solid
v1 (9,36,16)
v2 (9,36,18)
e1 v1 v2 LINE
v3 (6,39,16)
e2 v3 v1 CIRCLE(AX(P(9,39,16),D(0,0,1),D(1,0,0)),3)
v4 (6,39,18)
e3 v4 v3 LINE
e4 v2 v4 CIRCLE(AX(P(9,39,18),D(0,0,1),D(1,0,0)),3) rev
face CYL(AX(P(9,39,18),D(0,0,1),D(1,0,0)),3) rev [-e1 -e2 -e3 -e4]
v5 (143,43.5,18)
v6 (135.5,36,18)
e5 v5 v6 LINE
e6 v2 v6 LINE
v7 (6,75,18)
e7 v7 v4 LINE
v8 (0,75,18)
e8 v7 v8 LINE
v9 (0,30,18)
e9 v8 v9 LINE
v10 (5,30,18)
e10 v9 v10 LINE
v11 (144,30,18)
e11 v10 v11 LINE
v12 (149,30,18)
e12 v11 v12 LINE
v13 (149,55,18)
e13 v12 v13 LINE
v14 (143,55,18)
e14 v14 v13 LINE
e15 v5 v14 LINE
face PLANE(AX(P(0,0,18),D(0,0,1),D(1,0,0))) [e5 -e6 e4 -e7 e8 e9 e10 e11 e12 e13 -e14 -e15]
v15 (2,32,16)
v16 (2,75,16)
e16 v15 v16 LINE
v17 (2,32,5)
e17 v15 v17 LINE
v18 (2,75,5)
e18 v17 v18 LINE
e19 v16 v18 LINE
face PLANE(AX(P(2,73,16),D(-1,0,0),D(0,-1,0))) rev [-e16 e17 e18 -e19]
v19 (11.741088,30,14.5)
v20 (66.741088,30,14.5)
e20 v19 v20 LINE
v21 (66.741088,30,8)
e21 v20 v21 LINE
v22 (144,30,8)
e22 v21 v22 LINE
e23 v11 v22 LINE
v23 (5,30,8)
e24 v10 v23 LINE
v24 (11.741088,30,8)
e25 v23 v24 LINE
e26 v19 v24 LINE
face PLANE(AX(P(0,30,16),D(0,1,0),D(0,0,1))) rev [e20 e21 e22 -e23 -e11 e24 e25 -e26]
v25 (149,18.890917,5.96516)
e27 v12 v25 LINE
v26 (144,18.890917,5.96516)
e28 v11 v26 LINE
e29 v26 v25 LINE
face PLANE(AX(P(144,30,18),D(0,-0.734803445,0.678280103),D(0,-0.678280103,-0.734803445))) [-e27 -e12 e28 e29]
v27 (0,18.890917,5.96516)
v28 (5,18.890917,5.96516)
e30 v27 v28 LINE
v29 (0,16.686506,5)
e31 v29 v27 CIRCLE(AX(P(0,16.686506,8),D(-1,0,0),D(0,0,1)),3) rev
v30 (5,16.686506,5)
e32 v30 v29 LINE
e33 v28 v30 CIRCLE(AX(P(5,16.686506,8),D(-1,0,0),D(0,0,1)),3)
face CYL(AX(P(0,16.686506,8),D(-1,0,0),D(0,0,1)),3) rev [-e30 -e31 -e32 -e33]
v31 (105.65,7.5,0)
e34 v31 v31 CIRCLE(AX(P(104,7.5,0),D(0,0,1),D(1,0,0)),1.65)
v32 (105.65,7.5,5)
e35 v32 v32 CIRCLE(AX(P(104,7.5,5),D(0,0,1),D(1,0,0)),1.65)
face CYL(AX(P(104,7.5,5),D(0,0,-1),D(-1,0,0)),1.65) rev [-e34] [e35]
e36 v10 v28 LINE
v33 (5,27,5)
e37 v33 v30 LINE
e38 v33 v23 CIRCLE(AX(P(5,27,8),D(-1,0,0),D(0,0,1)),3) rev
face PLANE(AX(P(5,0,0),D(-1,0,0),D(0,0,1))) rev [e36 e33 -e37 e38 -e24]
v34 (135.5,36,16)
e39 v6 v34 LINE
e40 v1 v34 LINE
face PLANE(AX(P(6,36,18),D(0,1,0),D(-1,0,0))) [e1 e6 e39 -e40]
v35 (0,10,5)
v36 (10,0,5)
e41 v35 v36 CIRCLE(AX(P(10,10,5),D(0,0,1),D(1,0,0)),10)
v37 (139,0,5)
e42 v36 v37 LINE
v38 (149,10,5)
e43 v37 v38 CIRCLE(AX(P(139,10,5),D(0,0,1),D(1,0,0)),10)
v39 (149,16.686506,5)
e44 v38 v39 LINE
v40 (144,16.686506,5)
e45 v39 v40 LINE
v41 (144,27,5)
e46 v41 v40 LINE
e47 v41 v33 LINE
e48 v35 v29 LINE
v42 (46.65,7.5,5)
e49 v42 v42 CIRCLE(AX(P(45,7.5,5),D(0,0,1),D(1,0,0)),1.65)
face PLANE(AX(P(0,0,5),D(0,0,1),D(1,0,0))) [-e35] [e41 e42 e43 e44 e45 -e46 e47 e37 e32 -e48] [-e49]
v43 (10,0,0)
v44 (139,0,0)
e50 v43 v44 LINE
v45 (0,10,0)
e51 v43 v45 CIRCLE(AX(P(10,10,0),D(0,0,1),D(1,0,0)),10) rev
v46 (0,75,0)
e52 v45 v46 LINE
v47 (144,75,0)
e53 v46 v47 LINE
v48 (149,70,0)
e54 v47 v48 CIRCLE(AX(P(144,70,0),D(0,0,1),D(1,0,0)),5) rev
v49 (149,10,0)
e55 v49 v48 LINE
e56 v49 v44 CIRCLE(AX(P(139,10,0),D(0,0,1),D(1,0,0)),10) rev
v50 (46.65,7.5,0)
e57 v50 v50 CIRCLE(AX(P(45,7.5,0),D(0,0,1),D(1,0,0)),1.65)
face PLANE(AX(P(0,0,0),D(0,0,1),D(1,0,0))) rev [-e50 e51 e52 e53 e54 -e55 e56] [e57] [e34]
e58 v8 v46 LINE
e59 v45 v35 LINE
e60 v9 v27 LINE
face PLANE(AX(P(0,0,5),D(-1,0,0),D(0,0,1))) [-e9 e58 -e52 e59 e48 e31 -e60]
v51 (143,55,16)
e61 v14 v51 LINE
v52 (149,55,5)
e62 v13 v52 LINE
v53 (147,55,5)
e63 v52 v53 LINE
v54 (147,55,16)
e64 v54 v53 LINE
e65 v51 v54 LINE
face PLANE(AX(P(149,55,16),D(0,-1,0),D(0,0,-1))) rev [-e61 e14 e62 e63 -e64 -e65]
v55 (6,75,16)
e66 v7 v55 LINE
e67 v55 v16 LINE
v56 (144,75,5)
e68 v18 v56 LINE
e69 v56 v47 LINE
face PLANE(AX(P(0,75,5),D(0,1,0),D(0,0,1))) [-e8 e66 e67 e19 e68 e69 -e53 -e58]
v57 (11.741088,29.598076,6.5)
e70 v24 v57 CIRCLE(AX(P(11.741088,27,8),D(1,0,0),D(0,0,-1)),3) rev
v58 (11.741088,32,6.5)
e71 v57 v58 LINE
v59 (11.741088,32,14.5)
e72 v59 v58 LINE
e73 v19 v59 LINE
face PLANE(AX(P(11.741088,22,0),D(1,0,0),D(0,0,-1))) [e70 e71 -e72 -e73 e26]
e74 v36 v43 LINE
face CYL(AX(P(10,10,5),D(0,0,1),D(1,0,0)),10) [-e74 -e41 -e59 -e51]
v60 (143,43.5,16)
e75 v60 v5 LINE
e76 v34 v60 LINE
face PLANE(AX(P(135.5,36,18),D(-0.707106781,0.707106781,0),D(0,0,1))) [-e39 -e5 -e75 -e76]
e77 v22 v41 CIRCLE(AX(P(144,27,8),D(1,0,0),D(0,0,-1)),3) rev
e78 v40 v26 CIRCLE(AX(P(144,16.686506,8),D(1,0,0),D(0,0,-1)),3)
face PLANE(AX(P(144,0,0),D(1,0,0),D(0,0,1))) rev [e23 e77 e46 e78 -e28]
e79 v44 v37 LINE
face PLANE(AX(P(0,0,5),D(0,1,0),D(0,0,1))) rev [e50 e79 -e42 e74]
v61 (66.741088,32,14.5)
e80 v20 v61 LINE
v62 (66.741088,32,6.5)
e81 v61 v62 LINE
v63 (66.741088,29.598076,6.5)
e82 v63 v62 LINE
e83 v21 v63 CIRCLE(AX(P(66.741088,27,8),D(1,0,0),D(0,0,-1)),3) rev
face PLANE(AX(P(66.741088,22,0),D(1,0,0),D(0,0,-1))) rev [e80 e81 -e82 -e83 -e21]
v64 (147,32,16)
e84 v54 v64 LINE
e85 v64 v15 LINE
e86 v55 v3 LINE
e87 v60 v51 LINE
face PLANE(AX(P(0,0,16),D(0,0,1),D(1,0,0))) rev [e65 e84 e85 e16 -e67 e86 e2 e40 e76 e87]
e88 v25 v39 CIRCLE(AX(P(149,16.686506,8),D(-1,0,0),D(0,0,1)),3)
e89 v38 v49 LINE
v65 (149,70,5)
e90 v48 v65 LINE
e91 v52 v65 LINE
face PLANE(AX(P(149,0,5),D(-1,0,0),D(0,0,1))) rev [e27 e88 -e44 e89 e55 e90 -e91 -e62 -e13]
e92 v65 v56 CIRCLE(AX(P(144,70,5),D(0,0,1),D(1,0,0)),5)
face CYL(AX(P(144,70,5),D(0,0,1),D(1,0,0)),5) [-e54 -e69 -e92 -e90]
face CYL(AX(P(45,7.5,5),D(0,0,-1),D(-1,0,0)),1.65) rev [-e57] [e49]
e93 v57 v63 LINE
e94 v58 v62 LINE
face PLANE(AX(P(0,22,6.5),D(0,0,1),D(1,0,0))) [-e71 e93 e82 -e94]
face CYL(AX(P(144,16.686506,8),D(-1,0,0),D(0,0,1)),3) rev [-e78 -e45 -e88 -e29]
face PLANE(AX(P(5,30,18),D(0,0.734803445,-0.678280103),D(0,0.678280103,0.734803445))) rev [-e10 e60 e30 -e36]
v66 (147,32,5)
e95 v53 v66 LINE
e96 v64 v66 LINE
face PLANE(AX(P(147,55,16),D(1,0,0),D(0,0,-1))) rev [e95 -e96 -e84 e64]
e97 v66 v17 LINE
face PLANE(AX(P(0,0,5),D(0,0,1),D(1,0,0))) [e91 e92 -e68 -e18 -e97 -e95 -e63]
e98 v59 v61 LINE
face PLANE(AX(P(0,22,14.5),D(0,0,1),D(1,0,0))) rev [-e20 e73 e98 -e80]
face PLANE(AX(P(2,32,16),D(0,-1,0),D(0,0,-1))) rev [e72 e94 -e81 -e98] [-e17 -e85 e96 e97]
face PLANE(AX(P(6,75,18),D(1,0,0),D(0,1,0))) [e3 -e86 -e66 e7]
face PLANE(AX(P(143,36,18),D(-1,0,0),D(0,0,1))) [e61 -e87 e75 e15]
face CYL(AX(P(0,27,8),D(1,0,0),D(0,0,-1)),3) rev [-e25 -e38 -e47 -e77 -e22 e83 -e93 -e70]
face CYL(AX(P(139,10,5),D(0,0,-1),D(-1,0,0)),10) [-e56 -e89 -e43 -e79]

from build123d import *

# Parameters (mm, degrees)
SKETCH1_W           = 149
SKETCH1_H           = 75
SKETCH1_R           = 1.65
BOSS_EXTRUDE1_DEPTH = 5
FILLET1_R           = 10
BOSS_EXTRUDE2_DEPTH = 11
BOSS_EXTRUDE3_DEPTH = 2
CHAMFER1_SIZE       = 7.5
BOSS_EXTRUDE4_DEPTH = 5
FILLET2_R           = 3
SKETCH5_W           = 55
SKETCH5_H           = 8
CUT_EXTRUDE1_DEPTH  = 10
FILLET3_R           = 3
FILLET4_R           = 5


with BuildPart() as part:
    # Sketch1 → Boss-Extrude1 (new body)
    with BuildSketch(Plane.XY):
        with Locations((74.5, 37.5)):
            Rectangle(SKETCH1_W, SKETCH1_H)
        with Locations((45, 7.5)):
            Circle(SKETCH1_R, mode=Mode.SUBTRACT)
        with Locations((104, 7.5)):
            Circle(SKETCH1_R, mode=Mode.SUBTRACT)
    extrude(amount=BOSS_EXTRUDE1_DEPTH)

    # Fillet1
    fillet1_edges = [part.edges().sort_by_distance(p)[0] for p in [
        (149, 0, 2.5),
        (0, 0, 2.5),
    ]]
    fillet(fillet1_edges, radius=FILLET1_R)

    # Sketch2 → Boss-Extrude2 (add)
    with BuildSketch(Plane.XY.offset(5)):
        Polygon((0, 75), (2, 75), (2, 73), (2, 32), (147, 32), (147, 55), (149, 55), (149, 30), (0, 30), align=None)
    extrude(amount=BOSS_EXTRUDE2_DEPTH)

    # Sketch3 → Boss-Extrude3 (add)
    with BuildSketch(Plane.XY.offset(16)):
        Polygon((149, 30), (149, 55), (143, 55), (143, 36), (6, 36), (6, 75), (0, 75), (0, 30), align=None)
    extrude(amount=BOSS_EXTRUDE3_DEPTH)

    # Chamfer1
    chamfer1_edges = [part.edges().sort_by_distance(p)[0] for p in [
        (143, 36, 17),
    ]]
    chamfer(chamfer1_edges, length=CHAMFER1_SIZE)

    # Sketch4 → Boss-Extrude4 (add)
    with BuildSketch(Plane.ZY):
        Polygon((18, 30), (5, 18), (5, 30), align=None)
    boss_extrude4 = extrude(amount=-BOSS_EXTRUDE4_DEPTH)

    # Mirror1: Boss-Extrude4 across plane
    add(boss_extrude4.mirror(Plane.ZY.offset(-74.5)))

    # Fillet2
    fillet2_edges = [part.edges().sort_by_distance(p)[0] for p in [
        (146.5, 18, 5),
        (74.5, 30, 5),
        (2.5, 18, 5),
    ]]
    fillet(fillet2_edges, radius=FILLET2_R)

    # Sketch5 → Cut-Extrude1 (cut)
    with BuildSketch(Plane(origin=(0, 32, 0), x_dir=(1, 0, 0), z_dir=(0, 1, 0))):
        with Locations((39.241088115, -10.5)):
            Rectangle(SKETCH5_W, SKETCH5_H)
    extrude(amount=-CUT_EXTRUDE1_DEPTH, mode=Mode.SUBTRACT)

    # Fillet3
    fillet3_edges = [part.edges().sort_by_distance(p)[0] for p in [
        (6, 36, 17),
    ]]
    fillet(fillet3_edges, radius=FILLET3_R)

    # Fillet4
    fillet4_edges = [part.edges().sort_by_distance(p)[0] for p in [
        (149, 75, 2.5),
    ]]
    fillet(fillet4_edges, radius=FILLET4_R)


solid = part.part
